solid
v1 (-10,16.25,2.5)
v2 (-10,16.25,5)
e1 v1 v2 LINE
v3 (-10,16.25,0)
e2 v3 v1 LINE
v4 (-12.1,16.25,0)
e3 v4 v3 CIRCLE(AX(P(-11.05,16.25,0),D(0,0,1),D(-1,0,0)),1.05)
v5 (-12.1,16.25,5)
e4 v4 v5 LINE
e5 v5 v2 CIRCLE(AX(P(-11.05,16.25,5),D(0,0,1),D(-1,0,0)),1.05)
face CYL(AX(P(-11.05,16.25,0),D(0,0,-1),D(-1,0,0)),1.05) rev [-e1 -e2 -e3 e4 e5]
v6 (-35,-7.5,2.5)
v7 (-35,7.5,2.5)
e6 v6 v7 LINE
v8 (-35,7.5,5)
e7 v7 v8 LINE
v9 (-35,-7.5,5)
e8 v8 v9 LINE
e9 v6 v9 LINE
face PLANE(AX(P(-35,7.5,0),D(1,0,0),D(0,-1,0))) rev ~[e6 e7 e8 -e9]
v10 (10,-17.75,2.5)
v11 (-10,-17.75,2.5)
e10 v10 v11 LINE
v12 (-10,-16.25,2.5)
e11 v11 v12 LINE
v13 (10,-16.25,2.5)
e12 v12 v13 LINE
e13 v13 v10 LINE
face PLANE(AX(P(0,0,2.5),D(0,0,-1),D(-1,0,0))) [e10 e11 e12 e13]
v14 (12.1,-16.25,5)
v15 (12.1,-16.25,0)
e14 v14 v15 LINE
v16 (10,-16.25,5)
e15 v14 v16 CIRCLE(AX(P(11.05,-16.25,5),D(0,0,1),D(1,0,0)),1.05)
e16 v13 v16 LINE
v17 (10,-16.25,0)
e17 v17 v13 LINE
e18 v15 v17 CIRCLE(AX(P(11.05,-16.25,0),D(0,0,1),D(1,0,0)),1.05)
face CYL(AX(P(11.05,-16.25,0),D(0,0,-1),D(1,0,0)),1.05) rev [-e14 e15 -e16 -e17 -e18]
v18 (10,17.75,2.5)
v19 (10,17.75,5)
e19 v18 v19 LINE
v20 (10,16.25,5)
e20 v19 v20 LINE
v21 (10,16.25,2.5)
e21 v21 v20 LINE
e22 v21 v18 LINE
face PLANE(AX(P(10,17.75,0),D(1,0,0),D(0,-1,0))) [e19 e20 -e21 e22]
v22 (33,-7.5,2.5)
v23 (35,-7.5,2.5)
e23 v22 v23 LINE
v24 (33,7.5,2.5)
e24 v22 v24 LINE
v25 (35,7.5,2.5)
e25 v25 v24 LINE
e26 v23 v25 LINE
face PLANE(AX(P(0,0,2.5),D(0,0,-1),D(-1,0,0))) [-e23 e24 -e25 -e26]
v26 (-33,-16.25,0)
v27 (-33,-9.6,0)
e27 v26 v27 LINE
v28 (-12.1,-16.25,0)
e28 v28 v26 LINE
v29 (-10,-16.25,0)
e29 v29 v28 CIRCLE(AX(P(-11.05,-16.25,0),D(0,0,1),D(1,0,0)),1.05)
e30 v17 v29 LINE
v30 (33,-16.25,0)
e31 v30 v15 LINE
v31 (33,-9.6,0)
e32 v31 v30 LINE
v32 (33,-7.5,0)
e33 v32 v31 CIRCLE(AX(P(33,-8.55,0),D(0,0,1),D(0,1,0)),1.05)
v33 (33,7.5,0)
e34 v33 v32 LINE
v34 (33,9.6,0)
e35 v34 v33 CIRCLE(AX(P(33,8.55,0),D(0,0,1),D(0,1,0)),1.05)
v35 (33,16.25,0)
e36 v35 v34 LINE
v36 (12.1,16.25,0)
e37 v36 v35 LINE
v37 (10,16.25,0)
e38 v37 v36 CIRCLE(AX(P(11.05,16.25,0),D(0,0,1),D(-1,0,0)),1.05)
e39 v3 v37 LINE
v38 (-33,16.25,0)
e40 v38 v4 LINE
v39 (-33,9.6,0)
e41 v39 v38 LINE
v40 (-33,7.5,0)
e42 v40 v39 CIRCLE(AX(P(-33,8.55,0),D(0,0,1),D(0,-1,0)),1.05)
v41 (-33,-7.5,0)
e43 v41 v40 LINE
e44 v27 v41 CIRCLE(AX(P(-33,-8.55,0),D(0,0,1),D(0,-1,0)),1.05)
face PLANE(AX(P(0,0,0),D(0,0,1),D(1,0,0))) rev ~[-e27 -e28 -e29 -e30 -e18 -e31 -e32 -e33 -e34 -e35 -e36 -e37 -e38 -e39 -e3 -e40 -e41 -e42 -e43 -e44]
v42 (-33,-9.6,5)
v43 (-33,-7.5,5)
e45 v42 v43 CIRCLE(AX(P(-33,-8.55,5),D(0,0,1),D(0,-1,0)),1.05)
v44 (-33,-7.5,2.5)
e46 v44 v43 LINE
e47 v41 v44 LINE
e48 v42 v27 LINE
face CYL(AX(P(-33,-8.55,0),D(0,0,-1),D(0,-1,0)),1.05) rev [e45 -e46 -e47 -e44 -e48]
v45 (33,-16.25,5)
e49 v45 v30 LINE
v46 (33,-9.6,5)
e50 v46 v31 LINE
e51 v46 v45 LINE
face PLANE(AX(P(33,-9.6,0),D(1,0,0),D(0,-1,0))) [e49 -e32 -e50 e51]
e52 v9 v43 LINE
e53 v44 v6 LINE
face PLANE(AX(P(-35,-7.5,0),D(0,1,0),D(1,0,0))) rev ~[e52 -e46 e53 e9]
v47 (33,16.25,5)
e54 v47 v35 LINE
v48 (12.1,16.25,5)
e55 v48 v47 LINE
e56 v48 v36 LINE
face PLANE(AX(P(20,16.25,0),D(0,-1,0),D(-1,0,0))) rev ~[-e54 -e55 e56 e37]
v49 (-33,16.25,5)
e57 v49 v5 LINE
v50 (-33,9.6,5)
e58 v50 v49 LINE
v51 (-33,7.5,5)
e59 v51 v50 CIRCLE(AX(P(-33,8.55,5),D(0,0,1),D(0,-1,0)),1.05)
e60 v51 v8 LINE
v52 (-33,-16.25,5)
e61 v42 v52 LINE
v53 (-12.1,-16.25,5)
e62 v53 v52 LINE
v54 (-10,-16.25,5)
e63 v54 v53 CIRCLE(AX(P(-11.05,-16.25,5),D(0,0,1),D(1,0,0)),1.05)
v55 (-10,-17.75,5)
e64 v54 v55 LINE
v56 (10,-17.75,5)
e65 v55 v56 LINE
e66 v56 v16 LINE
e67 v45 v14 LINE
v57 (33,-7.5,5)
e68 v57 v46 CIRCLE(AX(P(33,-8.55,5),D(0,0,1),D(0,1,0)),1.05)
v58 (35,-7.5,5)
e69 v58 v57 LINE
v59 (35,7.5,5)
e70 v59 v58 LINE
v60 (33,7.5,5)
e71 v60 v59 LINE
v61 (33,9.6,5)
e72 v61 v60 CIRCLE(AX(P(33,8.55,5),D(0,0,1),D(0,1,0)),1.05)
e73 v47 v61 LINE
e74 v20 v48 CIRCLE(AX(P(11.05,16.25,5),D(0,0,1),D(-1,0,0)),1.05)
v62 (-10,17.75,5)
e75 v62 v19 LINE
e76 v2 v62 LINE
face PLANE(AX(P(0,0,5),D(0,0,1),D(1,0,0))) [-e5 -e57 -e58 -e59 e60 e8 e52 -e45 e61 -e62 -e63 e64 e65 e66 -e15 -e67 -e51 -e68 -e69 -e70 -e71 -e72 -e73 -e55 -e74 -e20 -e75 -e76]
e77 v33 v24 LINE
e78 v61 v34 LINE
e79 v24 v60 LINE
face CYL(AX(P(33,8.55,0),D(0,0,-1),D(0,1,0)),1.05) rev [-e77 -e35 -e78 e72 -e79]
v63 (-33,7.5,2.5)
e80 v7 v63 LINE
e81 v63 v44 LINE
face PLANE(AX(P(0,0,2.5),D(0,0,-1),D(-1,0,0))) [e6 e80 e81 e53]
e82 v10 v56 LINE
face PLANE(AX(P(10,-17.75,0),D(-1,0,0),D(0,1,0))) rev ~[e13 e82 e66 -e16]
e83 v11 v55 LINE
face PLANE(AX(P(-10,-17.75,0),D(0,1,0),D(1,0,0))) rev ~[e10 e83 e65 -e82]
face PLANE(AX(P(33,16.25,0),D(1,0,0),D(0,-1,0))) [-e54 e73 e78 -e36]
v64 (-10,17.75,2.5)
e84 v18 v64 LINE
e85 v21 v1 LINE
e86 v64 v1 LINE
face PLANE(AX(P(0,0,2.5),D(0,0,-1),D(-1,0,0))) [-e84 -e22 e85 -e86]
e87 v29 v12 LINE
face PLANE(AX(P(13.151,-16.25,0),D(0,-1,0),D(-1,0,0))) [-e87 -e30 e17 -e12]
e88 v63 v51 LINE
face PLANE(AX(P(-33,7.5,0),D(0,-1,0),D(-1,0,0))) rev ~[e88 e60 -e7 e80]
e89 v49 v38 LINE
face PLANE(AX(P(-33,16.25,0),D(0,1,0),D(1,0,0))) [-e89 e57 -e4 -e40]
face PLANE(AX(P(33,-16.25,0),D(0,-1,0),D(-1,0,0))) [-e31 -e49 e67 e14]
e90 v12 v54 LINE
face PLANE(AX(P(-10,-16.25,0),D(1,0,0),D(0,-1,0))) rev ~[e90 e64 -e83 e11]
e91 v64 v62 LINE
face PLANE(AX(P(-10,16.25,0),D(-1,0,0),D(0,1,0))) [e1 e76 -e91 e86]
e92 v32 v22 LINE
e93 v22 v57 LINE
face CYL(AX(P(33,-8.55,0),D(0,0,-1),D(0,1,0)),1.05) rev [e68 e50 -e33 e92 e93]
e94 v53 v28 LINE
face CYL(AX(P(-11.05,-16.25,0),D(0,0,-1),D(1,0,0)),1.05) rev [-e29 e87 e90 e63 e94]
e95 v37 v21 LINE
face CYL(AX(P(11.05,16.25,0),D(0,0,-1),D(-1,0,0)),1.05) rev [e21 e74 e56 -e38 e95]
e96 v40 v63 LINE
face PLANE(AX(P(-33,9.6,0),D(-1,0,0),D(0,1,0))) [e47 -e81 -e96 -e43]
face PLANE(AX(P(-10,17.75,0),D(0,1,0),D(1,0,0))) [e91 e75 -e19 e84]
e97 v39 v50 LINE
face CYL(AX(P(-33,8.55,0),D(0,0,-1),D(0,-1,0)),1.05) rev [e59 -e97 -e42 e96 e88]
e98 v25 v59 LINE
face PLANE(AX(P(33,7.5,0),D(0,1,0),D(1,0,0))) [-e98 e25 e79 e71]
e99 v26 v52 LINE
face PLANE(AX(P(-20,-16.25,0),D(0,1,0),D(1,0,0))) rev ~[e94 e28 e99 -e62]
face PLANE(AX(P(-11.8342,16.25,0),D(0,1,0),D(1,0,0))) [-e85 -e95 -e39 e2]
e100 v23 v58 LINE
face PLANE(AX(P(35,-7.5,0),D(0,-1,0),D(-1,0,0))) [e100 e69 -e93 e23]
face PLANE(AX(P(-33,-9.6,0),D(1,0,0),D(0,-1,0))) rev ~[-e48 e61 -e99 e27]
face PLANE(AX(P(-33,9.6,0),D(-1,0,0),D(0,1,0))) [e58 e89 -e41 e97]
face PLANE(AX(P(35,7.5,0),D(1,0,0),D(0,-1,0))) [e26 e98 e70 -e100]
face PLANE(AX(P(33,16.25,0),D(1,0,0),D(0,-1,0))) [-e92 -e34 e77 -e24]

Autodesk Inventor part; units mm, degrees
ref_plane "YZ Plane" through (0, 0, 0) normal (1, 0, 0) x (0, 1, 0)
ref_plane "XZ Plane" through (0, 0, 0) normal (0, 1, 0) x (-1, 0, 0)
ref_plane "XY Plane" through (0, 0, 0) normal (0, 0, 1) x (1, 0, 0)
sketch "スケッチ1" plane through (0, 0, 0) normal (0, 0, 1) x (1, 0, 0)
  line L0 (-33, 9.6) -> (-33, 16.25)
  line L1 (-33, 16.25) -> (-20, 16.25)
  line L2 (20, 16.25) -> (33, 16.25)
  line L3 (33, 16.25) -> (33, 9.6)
  line L4 (0, 0) -> (0, 16.25) construction
  line L5 (0, 0) -> (35, 0) construction
  line L6 (33, 7.5) -> (35, 7.5)
  line L7 (35, 7.5) -> (35, -7.5)
  line L8 (35, -7.5) -> (33, -7.5)
  line L9 (-20, -16.25) -> (20, -16.25) construction
  line L10 (20, -16.25) -> (20, 16.25) construction
  line L11 (20, 16.25) -> (-20, 16.25) construction
  line L12 (-20, 16.25) -> (-20, -16.25) construction
  line L13 (-20, -16.25) -> (20, 16.25) construction
  line L14 (20, -16.25) -> (-20, 16.25) construction
  line L15 (-33, -16.25) -> (33, -16.25) construction
  line L16 (33, -16.25) -> (33, 16.25) construction
  line L17 (33, 16.25) -> (-33, 16.25) construction
  line L18 (-33, 16.25) -> (-33, -16.25) construction
  line L19 (-33, -16.25) -> (33, 16.25) construction
  line L20 (33, -16.25) -> (-33, 16.25) construction
  arc A0 (33, 9.6) -> (33, 7.5) centre (33, 8.55) ccw
  arc A1 (33, -7.5) -> (33, -9.6) centre (33, -8.55) ccw
  line L21 (33, -9.6) -> (33, -16.25)
  line L22 (33, -16.25) -> (20, -16.25)
  line L23 (20, -16.25) -> (12.1, -16.25)
  line L24 (-20, 16.25) -> (-12.1, 16.25)
  line L25 (-10, 16.25) -> (-10, 17.75)
  line L26 (-10, 17.75) -> (10, 17.75)
  line L27 (10, 17.75) -> (10, 16.25)
  line L28 (20, 16.25) -> (12.1, 16.25)
  arc A2 (-12.1, 16.25) -> (-10, 16.25) centre (-11.05, 16.25) ccw
  arc A3 (10, 16.25) -> (12.1, 16.25) centre (11.05, 16.25) ccw
  line L29 (-33, 7.5) -> (-35, 7.5)
  line L30 (-35, 7.5) -> (-35, -7.5)
  line L31 (-35, -7.5) -> (-33, -7.5)
  arc A4 (-33, 7.5) -> (-33, 9.6) centre (-33, 8.55) ccw
  arc A5 (-33, -9.6) -> (-33, -7.5) centre (-33, -8.55) ccw
  line L32 (-33, -9.6) -> (-33, -16.25)
  line L33 (-33, -16.25) -> (-20, -16.25)
  line L34 (-20, -16.25) -> (-12.1, -16.25)
  line L35 (-10, -16.25) -> (-10, -17.75)
  line L36 (-10, -17.75) -> (10, -17.75)
  line L37 (10, -17.75) -> (10, -16.25)
  arc A6 (-10, -16.25) -> (-12.1, -16.25) centre (-11.05, -16.25) ccw
  arc A7 (12.1, -16.25) -> (10, -16.25) centre (11.05, -16.25) ccw
  line L38 (-16.55, 19.1799) -> (-13.45, 19.1799) construction
  line L39 (-13.45, 19.1799) -> (-13.45, 12.4242) construction
  line L40 (-13.45, 12.4242) -> (-16.55, 12.4242) construction
  line L41 (-16.55, 12.4242) -> (-16.55, 19.1799) construction
  line L42 (-15, 19.1799) -> (-15, 12.4242) construction
  point P0 (0, 17.75)
  point P1 (0, 0)
  dimension "d0" = 1.05
  dimension "d1" = 32.5
  dimension "d2" = 66
  dimension "d3" = 40
  dimension "d23" = 2
  dimension "d30" = 1.5
  dimension "d34" = 8.75
  dimension "d53" = 20
  dimension "d54" = 3.1
  dimension "d55" = 5
  dimension "d85" = 32.5
extrude "押し出し1" add sketch "スケッチ1" along normal blind 5
sketch "スケッチ2" plane through (0, 0, 0) normal (0, 0, -1) x (-1, 0, 0)
  line L0 (33, 9.6) -> (33, 16.25) projected
  line L1 (-33, 16.25) -> (-33, 9.6) projected
  line L2 (-41.1427, 17.3125) -> (-33, 17.3125)
  line L3 (-33, 17.3125) -> (-33, -16.751)
  line L4 (-33, -16.751) -> (-41.1427, -16.751)
  line L5 (-41.1427, -16.751) -> (-41.1427, 17.3125)
  line L6 (33, 21.1805) -> (38.858, 21.1805)
  line L7 (38.858, 21.1805) -> (38.858, -13.6193)
  line L8 (38.858, -13.6193) -> (33, -13.6193)
  line L9 (33, -13.6193) -> (33, 21.1805)
  line L10 (-20, -16.25) -> (-12.1, -16.25)
  line L11 (-17.1371, 25.1848) -> (11.8342, 25.1848)
  line L12 (11.8342, 25.1848) -> (11.8342, 16.25)
  line L13 (11.8342, 16.25) -> (-17.1371, 16.25)
  line L14 (-17.1371, 16.25) -> (-17.1371, 25.1848)
  line L15 (-13.151, -21.5857) -> (17.7795, -21.5857)
  line L16 (17.7795, -21.5857) -> (17.7795, -16.25)
  line L17 (17.7795, -16.25) -> (-13.151, -16.25)
  line L18 (-13.151, -16.25) -> (-13.151, -21.5857)
  line L19 (-12.1, 16.25) -> (-33, 16.25)
  line L20 (-33, -16.25) -> (-12.1, -16.25)
  point P0 (0, 0)
extrude "押し出し2" cut sketch "スケッチ2" against normal blind 2.5
equation "\"d85\" = d1"
equation "\"d52\" = 5"
properties part number "胴体_メインフレーム_1_13" material "アセタール樹脂、黒"
